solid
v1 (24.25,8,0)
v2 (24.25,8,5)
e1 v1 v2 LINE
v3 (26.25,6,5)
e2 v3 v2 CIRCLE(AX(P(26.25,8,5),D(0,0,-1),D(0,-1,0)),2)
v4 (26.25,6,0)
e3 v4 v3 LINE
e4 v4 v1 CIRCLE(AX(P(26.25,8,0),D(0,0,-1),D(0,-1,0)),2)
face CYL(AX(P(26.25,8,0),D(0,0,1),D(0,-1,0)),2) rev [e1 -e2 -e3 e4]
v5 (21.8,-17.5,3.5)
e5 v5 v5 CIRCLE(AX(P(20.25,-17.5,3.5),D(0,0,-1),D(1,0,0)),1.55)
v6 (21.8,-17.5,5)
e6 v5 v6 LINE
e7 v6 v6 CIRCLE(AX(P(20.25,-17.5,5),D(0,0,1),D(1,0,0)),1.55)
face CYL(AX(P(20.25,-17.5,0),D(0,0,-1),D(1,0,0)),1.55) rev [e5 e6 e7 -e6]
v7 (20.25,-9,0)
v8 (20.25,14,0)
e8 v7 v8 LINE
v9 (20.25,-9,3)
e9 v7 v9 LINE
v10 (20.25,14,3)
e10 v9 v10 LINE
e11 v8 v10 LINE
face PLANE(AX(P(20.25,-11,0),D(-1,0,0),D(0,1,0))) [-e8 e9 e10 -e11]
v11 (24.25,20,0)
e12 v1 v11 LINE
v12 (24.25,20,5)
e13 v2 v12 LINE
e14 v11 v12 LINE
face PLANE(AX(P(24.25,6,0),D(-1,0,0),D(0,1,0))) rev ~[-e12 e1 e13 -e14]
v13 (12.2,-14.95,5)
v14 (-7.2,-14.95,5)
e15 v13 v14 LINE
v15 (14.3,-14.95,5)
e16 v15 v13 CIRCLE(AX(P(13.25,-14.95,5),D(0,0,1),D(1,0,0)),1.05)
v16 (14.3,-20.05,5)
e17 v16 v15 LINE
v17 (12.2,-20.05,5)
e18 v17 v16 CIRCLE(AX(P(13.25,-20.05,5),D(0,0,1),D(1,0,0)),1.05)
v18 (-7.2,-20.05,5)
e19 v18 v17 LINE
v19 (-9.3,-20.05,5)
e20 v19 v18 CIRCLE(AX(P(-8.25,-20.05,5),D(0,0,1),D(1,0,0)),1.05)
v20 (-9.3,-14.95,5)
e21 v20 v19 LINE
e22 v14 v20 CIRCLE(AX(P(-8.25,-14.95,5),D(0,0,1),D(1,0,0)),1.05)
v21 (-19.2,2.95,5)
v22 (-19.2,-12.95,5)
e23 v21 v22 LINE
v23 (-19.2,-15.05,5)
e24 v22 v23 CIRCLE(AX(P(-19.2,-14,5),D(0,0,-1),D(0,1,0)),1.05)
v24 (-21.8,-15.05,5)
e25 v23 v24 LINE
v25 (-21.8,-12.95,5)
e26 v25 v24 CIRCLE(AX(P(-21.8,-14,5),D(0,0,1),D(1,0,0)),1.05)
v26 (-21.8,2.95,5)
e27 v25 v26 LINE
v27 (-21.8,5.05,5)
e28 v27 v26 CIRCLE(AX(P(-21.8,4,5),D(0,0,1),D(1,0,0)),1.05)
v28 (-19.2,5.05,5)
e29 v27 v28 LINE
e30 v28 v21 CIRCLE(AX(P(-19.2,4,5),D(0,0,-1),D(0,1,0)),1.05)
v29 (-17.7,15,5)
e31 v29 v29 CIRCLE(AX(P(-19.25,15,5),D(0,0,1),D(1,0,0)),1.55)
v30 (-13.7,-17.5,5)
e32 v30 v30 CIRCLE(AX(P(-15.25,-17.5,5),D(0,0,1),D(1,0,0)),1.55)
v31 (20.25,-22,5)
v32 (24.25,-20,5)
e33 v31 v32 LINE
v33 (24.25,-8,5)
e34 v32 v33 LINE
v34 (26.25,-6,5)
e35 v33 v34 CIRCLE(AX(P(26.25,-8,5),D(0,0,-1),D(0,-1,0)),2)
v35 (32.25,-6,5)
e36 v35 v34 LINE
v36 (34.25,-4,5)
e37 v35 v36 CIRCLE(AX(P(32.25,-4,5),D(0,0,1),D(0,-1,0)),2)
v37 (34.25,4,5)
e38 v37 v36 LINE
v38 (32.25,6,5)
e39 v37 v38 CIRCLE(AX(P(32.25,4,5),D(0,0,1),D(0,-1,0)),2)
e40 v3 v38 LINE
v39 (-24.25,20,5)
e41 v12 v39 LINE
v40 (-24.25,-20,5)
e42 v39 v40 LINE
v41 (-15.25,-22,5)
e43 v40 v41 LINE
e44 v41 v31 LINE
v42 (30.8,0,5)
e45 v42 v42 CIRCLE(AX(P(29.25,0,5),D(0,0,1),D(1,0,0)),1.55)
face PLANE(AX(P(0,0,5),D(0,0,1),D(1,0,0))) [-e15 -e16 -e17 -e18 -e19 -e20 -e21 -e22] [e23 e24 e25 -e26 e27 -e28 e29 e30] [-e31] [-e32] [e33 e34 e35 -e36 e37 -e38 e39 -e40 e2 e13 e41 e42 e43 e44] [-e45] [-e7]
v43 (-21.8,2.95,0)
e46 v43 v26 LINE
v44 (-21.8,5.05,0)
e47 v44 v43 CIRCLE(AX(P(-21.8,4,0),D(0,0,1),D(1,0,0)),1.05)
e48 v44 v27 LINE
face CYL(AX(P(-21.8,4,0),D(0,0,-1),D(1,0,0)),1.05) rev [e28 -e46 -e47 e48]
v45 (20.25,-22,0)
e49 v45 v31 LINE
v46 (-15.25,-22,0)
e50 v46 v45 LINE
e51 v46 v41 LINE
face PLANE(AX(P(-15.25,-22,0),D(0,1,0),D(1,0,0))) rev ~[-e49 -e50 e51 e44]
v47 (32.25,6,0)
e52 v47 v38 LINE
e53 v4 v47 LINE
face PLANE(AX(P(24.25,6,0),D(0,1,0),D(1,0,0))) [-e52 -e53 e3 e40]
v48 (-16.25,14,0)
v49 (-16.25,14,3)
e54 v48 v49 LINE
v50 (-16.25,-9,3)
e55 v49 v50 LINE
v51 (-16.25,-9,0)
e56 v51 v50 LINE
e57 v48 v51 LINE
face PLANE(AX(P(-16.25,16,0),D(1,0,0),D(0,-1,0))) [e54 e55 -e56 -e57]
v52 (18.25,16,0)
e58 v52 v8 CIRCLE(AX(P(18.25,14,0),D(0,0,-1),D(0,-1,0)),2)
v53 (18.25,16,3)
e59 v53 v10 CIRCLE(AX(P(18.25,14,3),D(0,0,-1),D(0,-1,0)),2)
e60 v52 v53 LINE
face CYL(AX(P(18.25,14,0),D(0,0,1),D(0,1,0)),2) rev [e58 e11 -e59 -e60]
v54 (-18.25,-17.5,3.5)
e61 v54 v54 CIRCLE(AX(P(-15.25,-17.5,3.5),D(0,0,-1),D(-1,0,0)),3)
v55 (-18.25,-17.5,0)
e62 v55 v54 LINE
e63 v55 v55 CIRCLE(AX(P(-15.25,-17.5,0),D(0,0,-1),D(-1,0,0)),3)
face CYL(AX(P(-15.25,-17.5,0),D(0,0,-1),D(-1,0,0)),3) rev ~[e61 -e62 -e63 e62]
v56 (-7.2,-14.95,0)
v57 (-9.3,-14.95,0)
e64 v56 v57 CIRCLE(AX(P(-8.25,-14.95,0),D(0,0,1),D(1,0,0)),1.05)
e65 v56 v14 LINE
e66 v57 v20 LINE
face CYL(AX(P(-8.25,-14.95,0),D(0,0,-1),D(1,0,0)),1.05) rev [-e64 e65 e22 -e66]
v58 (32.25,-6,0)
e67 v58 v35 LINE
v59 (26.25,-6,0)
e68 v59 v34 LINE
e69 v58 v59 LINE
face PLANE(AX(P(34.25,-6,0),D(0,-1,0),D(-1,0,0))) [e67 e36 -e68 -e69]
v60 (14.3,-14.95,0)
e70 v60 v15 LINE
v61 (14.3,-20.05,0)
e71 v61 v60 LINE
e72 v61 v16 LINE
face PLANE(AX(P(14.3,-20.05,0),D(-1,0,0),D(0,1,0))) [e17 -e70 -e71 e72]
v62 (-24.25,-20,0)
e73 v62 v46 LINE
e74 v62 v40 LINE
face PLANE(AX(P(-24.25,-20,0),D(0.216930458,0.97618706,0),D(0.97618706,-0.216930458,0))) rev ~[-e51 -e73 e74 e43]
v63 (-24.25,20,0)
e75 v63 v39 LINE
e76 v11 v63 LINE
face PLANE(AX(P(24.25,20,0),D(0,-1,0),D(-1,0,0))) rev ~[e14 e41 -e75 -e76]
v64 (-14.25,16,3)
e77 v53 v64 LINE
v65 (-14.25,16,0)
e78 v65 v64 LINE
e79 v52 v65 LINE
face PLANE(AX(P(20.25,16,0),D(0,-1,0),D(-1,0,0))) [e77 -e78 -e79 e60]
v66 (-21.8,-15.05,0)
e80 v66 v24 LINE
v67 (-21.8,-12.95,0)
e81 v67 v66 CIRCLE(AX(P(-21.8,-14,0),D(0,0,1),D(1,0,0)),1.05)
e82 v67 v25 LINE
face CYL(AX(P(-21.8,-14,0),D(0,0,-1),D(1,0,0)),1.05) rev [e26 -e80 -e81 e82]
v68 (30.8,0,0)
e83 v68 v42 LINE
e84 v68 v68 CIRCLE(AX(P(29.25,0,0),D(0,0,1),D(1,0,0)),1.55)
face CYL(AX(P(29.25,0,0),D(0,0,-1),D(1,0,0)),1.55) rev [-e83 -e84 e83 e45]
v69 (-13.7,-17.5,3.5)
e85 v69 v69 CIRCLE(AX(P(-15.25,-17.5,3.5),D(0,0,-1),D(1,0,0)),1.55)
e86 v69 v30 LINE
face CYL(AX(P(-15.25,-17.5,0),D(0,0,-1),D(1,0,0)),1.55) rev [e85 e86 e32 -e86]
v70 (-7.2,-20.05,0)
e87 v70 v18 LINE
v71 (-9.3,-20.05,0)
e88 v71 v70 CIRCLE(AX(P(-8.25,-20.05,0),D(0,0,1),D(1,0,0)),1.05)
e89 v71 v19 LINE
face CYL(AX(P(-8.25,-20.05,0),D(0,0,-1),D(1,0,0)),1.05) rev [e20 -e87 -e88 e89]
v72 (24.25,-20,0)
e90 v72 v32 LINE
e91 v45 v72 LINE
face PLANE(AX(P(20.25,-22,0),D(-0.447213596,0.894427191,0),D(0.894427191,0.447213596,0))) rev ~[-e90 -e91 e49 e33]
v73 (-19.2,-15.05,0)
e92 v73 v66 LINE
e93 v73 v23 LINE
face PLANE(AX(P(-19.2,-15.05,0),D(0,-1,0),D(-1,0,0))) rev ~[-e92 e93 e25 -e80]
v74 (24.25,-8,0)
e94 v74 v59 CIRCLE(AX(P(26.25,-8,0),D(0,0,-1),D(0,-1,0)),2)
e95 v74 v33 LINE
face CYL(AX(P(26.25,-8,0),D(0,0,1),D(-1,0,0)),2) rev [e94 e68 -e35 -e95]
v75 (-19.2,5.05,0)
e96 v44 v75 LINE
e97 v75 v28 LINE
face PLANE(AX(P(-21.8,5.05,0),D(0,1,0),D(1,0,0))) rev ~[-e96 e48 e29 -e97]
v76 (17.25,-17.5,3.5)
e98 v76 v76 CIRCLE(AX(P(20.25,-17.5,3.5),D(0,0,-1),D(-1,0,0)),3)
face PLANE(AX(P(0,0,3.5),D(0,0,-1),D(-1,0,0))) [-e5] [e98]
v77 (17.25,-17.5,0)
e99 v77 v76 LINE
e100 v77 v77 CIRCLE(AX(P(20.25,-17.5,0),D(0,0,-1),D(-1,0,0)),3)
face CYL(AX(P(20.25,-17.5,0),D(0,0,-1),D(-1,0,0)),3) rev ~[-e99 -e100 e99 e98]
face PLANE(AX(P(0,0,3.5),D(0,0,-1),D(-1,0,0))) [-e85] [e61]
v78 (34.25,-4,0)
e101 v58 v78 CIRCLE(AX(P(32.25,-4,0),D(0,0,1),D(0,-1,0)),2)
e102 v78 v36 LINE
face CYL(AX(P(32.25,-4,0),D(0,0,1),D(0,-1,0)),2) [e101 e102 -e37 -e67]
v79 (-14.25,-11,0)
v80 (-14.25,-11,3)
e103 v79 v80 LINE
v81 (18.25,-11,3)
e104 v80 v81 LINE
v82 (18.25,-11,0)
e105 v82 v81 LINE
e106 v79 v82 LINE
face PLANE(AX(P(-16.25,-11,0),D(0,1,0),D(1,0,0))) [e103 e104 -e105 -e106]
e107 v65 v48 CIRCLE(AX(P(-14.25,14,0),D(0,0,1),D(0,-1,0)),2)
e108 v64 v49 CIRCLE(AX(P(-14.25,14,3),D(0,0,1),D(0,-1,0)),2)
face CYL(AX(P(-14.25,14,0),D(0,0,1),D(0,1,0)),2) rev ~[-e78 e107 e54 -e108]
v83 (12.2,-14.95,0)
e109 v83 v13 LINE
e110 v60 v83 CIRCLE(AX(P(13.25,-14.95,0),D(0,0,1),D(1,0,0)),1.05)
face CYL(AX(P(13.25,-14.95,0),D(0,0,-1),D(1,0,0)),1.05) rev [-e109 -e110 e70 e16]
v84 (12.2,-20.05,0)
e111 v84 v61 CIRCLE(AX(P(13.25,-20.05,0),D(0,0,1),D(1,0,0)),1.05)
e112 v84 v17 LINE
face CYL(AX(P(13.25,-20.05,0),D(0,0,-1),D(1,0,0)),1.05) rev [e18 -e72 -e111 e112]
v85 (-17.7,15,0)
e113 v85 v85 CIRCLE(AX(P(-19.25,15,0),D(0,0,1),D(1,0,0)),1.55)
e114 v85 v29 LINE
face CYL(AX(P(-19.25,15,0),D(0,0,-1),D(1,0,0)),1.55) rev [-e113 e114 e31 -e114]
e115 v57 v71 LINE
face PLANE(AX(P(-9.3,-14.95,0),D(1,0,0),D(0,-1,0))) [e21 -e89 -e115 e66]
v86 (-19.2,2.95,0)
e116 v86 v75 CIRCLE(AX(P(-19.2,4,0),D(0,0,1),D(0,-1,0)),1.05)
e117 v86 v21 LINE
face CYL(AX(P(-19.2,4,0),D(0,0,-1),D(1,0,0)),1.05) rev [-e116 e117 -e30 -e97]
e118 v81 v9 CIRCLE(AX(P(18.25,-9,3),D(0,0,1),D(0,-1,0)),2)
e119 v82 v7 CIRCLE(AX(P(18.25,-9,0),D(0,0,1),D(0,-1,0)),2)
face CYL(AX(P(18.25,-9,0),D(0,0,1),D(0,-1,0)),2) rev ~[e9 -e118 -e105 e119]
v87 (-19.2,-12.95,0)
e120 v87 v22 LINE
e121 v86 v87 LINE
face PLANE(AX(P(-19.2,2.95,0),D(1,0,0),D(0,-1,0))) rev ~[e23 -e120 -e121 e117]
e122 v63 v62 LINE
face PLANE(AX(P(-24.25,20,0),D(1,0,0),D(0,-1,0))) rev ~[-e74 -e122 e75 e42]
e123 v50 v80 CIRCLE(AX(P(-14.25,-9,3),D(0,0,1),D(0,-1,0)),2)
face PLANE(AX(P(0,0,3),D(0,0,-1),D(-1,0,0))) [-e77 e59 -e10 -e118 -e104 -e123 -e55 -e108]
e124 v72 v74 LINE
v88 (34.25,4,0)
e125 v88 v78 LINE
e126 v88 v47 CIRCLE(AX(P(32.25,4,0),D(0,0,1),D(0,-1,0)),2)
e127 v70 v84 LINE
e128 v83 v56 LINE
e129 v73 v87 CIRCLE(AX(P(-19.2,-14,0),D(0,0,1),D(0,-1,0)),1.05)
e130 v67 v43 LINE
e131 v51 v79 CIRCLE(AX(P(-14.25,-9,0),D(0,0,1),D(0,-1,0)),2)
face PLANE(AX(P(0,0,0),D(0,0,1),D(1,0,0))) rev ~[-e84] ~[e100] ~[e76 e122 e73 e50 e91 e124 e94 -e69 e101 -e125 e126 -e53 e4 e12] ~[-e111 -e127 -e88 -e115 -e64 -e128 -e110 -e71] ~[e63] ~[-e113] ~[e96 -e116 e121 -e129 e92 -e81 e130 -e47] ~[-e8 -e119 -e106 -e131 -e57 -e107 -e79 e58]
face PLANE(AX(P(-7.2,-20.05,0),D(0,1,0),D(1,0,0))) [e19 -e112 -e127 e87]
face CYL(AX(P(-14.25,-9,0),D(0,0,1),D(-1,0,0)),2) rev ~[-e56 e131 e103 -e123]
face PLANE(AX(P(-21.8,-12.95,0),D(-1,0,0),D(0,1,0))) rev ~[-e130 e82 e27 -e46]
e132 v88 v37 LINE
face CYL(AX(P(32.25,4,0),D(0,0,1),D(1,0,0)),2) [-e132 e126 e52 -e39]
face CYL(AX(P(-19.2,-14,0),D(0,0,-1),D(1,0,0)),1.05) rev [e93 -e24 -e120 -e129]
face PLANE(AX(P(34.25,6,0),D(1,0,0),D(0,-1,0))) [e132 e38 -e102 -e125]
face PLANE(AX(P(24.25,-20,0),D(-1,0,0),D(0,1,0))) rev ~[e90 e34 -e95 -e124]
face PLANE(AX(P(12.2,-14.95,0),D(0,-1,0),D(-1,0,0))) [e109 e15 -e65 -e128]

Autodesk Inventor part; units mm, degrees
ref_plane "YZ Plane" through (0, 0, 0) normal (1, 0, 0) x (0, 1, 0)
ref_plane "XZ Plane" through (0, 0, 0) normal (0, 1, 0) x (-1, 0, 0)
ref_plane "XY Plane" through (0, 0, 0) normal (0, 0, 1) x (1, 0, 0)
sketch "スケッチ1" plane through (0, 0, 0) normal (0, 0, 1) x (1, 0, 0)
  line L0 (-24.25, -20) -> (24.25, -20) construction
  line L1 (24.25, -20) -> (24.25, 20)
  line L2 (24.25, 20) -> (-24.25, 20)
  line L3 (-24.25, 20) -> (-24.25, -20)
  line L4 (-24.25, -20) -> (24.25, 20) construction
  line L5 (24.25, -20) -> (-24.25, 20) construction
  circle A0 centre (-15.25, -17.5) radius 1.55
  circle A1 centre (20.25, -17.5) radius 1.55
  line L6 (-9.25, -15) -> (14.25, -15) construction
  line L7 (14.25, -15) -> (14.25, -20) construction
  line L8 (14.25, -20) -> (-9.25, -20) construction
  line L9 (-9.25, -20) -> (-9.25, -15) construction
  line L10 (-24.25, -20) -> (-15.25, -22)
  line L11 (-15.25, -22) -> (20.25, -22)
  line L12 (20.25, -22) -> (24.25, -20)
  line L13 (14.3, -14.95) -> (-9.3, -14.95)
  line L14 (-9.3, -14.95) -> (-9.3, -20.05)
  line L15 (-9.3, -20.05) -> (14.3, -20.05)
  line L16 (14.3, -20.05) -> (14.3, -14.95)
  circle A2 centre (-8.25, -14.95) radius 1.05
  circle A3 centre (-8.25, -20.05) radius 1.05
  circle A4 centre (13.25, -14.95) radius 1.05
  circle A5 centre (13.25, -20.05) radius 1.05
  circle A6 centre (-19.25, 15) radius 1.55
  line L17 (-21.8, 5.05) -> (-19.2, 5.05)
  line L18 (-19.2, 5.05) -> (-19.2, -15.05)
  line L19 (-19.2, -15.05) -> (-21.8, -15.05)
  line L20 (-21.8, -15.05) -> (-21.8, 5.05)
  line L21 (-19.25, 5) -> (-21.75, 5) construction
  line L22 (-21.75, 5) -> (-21.75, -15) construction
  line L23 (-21.75, -15) -> (-19.25, -15) construction
  line L24 (-19.25, -15) -> (-19.25, 5) construction
  line L25 (2.5, -14.95) -> (2.5, -20.05) construction
  circle A7 centre (-21.8, 4) radius 1.05
  circle A8 centre (-19.2, 4) radius 1.05
  circle A9 centre (-21.8, -14) radius 1.05
  circle A10 centre (-19.2, -14) radius 1.05
  line L26 (24.25, 6) -> (34.25, 6)
  line L27 (34.25, 6) -> (34.25, -6)
  line L28 (34.25, -6) -> (24.25, -6)
  line L29 (24.25, -6) -> (24.25, 6)
  circle A11 centre (29.25, 0) radius 1.55
  point P0 (0, 0)
  point P1 (-9.25, -17.5)
  dimension "d10" = 2.1
  dimension "d26" = 2.1
  dimension "d0" = 5
  dimension "d3" = 3.1
  dimension "d4" = 35.5
  dimension "d5" = 2
  dimension "d7" = 40
  dimension "d8" = 23.5
  dimension "d9" = 0.05
  dimension "d11" = 3.1
  dimension "d12" = 5
  dimension "d13" = 5
  dimension "d14" = 0.05
  dimension "d15" = 17.75
  dimension "d16" = 48.5
  dimension "d17" = 4
  dimension "d20" = 2.5
  dimension "d21" = 2.5
  dimension "d22" = 5
  dimension "d23" = 15
  dimension "d27" = 25
  dimension "d57" = 10
  dimension "d58" = 3.1
  dimension "d59" = 5
  dimension "d60" = 6
  dimension "d61" = 12
  dimension "d62" = 20
extrude "押し出し1" add sketch "スケッチ1" along normal blind 5
sketch "スケッチ2" plane through (0, 0, 0) normal (0, 0, -1) x (-1, 0, 0)
  line L0 (-14.3, -20.05) -> (-14.3, -14.95) projected
  line L1 (-12.2, -14.95) -> (7.2, -14.95) projected
  line L2 (24.25, 20) -> (-24.25, 20) projected
  line L3 (-24.25, 20) -> (-24.25, -20) projected
  line L4 (21.8, -15.05) -> (19.2, -15.05) projected
  line L5 (19.2, -12.95) -> (19.2, 2.95) projected
  line L6 (19.2, 5.05) -> (21.8, 5.05) projected
  line L7 (-20.25, 16) -> (16.25, 16)
  line L8 (16.25, 16) -> (16.25, -11)
  line L9 (16.25, -11) -> (-20.25, -11)
  line L10 (-20.25, -11) -> (-20.25, -5.9161)
  line L11 (-20.25, 16) -> (-20.25, 5.9161)
  line L12 (19.25, 5.05) -> (19.25, -15.05) construction
  line L13 (19.2, -15.05) -> (21.8, -15.05) projected
  line L14 (-14.3, -15) -> (9.3, -15) construction
  line L15 (9.3, -20.05) -> (9.3, -14.95) projected
  line L16 (-20.25, 5.9161) -> (-20.25, -5.9161)
  point P0 (0, 0)
  dimension "d29" = 4
  dimension "d30" = 4
  dimension "d31" = 0.05
  dimension "d32" = 3
  dimension "d33" = 0.05
  dimension "d34" = 4
sketch "スケッチ3" plane through (0, 0, 0) normal (0, 0, -1) x (-1, 0, 0)
  circle A0 centre (15.25, -17.5) radius 1.55 projected
  circle A1 centre (15.25, -17.5) radius 3
  circle A2 centre (19.25, 15) radius 1.55 projected
  circle A3 centre (19.25, 15) radius 3
  circle A4 centre (-20.25, -17.5) radius 3
  point P0 (0, 0)
  dimension "d38" = 6
  dimension "d39" = 6
  dimension "d40" = 6
extrude "押し出し3" cut sketch "スケッチ3" against normal blind 3.5 contours A1 | A4
extrude "押し出し5" cut sketch "スケッチ2" against normal blind 3
fillet "フィレット4" radius 2 4 edges at (20.25, -11, 1.5) (20.25, 16, 1.5) (-16.25, 16, 1.5) (-16.25, -11, 1.5)
fillet "フィレット5" radius 2 4 edges at (24.25, -6, 2.5) (34.25, -6, 2.5) (34.25, 6, 2.5) (24.25, 6, 2.5)
equation "\"d13\" = d12"
equation "\"d15\" = 0.5 * d4"
equation "\"d59\" = 0.5 * d57"
properties part number "コックピット_サブフレーム_1_5" material "アセタール樹脂、黒"
